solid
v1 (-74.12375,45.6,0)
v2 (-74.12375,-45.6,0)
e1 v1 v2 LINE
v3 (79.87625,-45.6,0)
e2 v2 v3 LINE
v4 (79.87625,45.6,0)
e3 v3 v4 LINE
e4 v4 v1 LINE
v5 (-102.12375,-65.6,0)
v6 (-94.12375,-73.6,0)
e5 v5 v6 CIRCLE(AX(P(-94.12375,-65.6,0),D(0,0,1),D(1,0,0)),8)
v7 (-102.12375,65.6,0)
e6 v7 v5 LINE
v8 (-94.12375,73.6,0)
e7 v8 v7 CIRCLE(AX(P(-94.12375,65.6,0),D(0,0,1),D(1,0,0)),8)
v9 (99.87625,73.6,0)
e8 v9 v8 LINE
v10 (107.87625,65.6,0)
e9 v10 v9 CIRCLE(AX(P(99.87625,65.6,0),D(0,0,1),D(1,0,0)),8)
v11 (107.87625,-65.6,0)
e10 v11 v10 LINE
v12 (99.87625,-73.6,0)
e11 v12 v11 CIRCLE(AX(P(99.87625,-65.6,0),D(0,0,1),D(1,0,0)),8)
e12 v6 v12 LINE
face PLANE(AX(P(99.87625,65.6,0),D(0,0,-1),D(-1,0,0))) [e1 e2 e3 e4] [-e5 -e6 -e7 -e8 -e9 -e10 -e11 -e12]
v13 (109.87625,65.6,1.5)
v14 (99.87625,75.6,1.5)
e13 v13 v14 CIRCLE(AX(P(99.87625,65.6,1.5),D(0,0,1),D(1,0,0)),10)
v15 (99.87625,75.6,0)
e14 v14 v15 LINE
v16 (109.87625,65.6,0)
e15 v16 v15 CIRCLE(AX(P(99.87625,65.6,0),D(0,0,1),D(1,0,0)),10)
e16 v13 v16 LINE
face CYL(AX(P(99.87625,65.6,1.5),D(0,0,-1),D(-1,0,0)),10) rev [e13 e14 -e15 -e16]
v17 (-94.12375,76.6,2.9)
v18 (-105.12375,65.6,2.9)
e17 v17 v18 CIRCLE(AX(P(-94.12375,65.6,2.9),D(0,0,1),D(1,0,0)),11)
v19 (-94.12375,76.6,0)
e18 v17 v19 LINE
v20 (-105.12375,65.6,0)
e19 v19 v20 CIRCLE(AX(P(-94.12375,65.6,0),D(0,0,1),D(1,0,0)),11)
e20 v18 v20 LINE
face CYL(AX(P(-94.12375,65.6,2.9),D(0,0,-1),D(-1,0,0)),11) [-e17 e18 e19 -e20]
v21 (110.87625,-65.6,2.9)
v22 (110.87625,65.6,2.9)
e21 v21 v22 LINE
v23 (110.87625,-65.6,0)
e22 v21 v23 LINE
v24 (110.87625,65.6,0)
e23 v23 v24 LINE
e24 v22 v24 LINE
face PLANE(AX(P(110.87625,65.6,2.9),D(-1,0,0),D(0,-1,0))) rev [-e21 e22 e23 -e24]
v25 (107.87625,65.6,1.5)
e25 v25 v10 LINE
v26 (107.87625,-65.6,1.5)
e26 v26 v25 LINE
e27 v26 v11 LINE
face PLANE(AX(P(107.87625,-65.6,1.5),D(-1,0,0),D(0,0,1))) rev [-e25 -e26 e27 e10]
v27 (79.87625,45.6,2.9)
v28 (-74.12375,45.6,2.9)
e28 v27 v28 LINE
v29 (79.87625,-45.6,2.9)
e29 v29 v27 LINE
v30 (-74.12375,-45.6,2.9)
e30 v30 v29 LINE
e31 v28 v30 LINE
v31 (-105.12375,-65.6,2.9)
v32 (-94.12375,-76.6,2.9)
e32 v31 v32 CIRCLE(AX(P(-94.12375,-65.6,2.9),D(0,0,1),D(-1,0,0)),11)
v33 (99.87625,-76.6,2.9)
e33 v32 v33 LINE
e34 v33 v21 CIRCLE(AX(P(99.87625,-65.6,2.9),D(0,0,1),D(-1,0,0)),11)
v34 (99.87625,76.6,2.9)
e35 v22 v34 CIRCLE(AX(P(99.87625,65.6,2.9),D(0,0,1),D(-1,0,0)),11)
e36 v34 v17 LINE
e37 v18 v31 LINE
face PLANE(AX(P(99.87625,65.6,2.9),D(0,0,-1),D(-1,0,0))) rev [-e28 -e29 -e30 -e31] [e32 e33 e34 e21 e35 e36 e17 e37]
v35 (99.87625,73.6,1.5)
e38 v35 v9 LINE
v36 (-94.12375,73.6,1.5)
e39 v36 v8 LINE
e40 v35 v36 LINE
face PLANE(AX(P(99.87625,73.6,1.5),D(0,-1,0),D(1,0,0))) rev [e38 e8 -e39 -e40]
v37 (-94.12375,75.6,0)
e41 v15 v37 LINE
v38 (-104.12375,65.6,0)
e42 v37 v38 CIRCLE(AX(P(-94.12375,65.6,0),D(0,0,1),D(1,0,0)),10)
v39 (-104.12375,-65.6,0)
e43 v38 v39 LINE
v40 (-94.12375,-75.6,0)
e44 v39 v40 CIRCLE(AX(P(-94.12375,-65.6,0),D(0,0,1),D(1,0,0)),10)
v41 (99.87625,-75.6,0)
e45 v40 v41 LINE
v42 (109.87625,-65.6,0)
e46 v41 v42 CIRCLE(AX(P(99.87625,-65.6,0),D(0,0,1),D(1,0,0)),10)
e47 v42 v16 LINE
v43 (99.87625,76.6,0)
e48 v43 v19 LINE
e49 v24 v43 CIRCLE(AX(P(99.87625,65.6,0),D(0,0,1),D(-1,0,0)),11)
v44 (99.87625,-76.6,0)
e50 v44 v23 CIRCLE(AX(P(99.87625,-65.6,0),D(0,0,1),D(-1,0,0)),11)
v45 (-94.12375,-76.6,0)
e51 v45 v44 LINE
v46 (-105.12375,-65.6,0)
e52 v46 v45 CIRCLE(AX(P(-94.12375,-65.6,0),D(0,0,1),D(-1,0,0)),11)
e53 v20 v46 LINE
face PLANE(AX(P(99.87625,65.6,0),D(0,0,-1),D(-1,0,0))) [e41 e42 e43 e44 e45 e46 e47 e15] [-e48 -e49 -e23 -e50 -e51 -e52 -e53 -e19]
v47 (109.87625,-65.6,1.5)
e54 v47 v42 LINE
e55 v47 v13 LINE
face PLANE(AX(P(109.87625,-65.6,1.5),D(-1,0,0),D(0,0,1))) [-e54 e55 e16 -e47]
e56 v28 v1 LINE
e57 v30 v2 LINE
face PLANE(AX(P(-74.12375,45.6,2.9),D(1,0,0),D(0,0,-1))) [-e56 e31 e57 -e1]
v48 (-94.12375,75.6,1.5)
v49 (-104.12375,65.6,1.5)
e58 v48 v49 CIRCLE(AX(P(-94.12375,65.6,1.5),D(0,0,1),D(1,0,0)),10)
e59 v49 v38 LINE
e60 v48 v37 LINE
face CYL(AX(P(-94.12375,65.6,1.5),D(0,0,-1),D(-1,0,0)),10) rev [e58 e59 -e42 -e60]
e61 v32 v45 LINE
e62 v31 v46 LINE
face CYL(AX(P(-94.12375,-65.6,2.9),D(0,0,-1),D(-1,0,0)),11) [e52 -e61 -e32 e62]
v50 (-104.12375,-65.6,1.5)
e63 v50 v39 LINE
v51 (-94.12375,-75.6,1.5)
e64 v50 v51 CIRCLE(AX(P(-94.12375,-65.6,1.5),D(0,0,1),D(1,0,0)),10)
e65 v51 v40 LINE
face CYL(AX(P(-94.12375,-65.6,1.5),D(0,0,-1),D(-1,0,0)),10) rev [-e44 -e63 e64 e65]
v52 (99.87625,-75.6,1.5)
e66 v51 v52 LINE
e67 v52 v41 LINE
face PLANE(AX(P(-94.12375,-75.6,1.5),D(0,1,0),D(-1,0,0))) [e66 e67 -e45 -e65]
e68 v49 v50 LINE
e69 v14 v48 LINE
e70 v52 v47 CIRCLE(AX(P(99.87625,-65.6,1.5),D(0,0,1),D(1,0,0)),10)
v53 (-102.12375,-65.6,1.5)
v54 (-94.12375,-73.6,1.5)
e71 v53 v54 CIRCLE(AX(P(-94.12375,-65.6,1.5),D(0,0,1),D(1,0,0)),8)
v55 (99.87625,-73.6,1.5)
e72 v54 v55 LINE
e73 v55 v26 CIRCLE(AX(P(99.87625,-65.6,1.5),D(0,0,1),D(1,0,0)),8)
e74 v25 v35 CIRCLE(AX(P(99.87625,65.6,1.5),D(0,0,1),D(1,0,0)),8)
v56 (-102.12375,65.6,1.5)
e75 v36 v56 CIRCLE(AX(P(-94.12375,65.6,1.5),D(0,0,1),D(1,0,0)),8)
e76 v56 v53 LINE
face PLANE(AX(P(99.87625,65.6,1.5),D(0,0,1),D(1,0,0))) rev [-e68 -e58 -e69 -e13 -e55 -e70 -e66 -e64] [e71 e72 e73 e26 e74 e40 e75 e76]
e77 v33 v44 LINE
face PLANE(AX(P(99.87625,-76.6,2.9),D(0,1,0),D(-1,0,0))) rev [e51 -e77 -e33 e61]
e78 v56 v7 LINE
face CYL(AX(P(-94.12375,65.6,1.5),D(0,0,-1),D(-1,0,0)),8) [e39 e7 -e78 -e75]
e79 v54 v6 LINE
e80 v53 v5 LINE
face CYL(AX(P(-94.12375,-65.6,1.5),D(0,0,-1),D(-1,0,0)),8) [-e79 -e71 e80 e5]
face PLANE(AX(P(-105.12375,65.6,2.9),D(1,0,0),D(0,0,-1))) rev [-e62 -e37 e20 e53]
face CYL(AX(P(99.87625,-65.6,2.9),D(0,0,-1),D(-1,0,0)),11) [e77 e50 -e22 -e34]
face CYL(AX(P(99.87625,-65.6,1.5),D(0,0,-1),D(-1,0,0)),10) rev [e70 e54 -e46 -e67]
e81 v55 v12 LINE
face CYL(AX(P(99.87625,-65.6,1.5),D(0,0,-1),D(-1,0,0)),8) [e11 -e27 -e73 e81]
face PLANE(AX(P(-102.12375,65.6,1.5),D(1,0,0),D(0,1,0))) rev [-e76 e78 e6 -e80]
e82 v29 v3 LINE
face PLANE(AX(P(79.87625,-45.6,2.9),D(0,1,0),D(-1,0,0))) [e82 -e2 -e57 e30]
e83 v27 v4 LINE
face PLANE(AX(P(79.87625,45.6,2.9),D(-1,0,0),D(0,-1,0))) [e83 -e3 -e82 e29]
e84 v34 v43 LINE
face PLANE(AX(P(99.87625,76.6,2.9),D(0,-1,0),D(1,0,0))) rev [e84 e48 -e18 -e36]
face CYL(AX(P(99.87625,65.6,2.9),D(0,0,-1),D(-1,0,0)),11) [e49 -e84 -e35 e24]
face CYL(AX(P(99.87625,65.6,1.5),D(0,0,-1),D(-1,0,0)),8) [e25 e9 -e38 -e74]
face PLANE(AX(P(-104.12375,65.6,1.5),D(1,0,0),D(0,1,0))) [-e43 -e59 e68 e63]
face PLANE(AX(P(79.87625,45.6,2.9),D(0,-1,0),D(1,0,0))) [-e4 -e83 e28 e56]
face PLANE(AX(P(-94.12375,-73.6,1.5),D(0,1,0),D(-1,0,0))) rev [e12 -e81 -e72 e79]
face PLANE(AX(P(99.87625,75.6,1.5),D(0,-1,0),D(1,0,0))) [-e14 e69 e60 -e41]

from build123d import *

# Parameters (mm, degrees)
SKETCH1_W           = 154
SKETCH1_H           = 91.2
BOSS_EXTRUDE1_DEPTH = 2.9
CUT_EXTRUDE3_DEPTH  = 1.5


with BuildPart() as part:
    # Sketch1 → Boss-Extrude1 (new body)
    with BuildSketch(Plane.XY):
        with BuildLine():
            Line((99.87625, 76.6), (-94.12375, 76.6))
            ThreePointArc((-94.12375, 76.6), (-101.901924593, 73.378174593), (-105.12375, 65.6))
            Line((-105.12375, 65.6), (-105.12375, -65.6))
            ThreePointArc((-105.12375, -65.6), (-101.901924593, -73.378174593), (-94.12375, -76.6))
            Line((-94.12375, -76.6), (99.87625, -76.6))
            ThreePointArc((99.87625, -76.6), (107.654424593, -73.378174593), (110.87625, -65.6))
            Line((110.87625, -65.6), (110.87625, 65.6))
            ThreePointArc((110.87625, 65.6), (107.654424593, 73.378174593), (99.87625, 76.6))
        make_face()
        with Locations((2.87625, 0)):
            Rectangle(SKETCH1_W, SKETCH1_H, mode=Mode.SUBTRACT)
    extrude(amount=BOSS_EXTRUDE1_DEPTH)

    # Sketch2 → Cut-Extrude3 (cut)
    with BuildSketch(Plane.XY):
        with BuildLine():
            Line((99.87625, 75.6), (-94.12375, 75.6))
            ThreePointArc((-94.12375, 75.6), (-101.194817812, 72.671067812), (-104.12375, 65.6))
            Line((-104.12375, 65.6), (-104.12375, -65.6))
            ThreePointArc((-104.12375, -65.6), (-101.194817812, -72.671067812), (-94.12375, -75.6))
            Line((-94.12375, -75.6), (99.87625, -75.6))
            ThreePointArc((99.87625, -75.6), (106.947317812, -72.671067812), (109.87625, -65.6))
            Line((109.87625, -65.6), (109.87625, 65.6))
            ThreePointArc((109.87625, 65.6), (106.947317812, 72.671067812), (99.87625, 75.6))
        make_face()
        with BuildLine():
            Line((99.87625, 73.6), (-94.12375, 73.6))
            ThreePointArc((-94.12375, 73.6), (-99.780604249, 71.256854249), (-102.12375, 65.6))
            Line((-102.12375, 65.6), (-102.12375, -65.6))
            ThreePointArc((-102.12375, -65.6), (-99.780604249, -71.256854249), (-94.12375, -73.6))
            Line((-94.12375, -73.6), (99.87625, -73.6))
            ThreePointArc((99.87625, -73.6), (105.533104249, -71.256854249), (107.87625, -65.6))
            Line((107.87625, -65.6), (107.87625, 65.6))
            ThreePointArc((107.87625, 65.6), (105.533104249, 71.256854249), (99.87625, 73.6))
        make_face(mode=Mode.SUBTRACT)
    extrude(amount=CUT_EXTRUDE3_DEPTH, mode=Mode.SUBTRACT)


solid = part.part
